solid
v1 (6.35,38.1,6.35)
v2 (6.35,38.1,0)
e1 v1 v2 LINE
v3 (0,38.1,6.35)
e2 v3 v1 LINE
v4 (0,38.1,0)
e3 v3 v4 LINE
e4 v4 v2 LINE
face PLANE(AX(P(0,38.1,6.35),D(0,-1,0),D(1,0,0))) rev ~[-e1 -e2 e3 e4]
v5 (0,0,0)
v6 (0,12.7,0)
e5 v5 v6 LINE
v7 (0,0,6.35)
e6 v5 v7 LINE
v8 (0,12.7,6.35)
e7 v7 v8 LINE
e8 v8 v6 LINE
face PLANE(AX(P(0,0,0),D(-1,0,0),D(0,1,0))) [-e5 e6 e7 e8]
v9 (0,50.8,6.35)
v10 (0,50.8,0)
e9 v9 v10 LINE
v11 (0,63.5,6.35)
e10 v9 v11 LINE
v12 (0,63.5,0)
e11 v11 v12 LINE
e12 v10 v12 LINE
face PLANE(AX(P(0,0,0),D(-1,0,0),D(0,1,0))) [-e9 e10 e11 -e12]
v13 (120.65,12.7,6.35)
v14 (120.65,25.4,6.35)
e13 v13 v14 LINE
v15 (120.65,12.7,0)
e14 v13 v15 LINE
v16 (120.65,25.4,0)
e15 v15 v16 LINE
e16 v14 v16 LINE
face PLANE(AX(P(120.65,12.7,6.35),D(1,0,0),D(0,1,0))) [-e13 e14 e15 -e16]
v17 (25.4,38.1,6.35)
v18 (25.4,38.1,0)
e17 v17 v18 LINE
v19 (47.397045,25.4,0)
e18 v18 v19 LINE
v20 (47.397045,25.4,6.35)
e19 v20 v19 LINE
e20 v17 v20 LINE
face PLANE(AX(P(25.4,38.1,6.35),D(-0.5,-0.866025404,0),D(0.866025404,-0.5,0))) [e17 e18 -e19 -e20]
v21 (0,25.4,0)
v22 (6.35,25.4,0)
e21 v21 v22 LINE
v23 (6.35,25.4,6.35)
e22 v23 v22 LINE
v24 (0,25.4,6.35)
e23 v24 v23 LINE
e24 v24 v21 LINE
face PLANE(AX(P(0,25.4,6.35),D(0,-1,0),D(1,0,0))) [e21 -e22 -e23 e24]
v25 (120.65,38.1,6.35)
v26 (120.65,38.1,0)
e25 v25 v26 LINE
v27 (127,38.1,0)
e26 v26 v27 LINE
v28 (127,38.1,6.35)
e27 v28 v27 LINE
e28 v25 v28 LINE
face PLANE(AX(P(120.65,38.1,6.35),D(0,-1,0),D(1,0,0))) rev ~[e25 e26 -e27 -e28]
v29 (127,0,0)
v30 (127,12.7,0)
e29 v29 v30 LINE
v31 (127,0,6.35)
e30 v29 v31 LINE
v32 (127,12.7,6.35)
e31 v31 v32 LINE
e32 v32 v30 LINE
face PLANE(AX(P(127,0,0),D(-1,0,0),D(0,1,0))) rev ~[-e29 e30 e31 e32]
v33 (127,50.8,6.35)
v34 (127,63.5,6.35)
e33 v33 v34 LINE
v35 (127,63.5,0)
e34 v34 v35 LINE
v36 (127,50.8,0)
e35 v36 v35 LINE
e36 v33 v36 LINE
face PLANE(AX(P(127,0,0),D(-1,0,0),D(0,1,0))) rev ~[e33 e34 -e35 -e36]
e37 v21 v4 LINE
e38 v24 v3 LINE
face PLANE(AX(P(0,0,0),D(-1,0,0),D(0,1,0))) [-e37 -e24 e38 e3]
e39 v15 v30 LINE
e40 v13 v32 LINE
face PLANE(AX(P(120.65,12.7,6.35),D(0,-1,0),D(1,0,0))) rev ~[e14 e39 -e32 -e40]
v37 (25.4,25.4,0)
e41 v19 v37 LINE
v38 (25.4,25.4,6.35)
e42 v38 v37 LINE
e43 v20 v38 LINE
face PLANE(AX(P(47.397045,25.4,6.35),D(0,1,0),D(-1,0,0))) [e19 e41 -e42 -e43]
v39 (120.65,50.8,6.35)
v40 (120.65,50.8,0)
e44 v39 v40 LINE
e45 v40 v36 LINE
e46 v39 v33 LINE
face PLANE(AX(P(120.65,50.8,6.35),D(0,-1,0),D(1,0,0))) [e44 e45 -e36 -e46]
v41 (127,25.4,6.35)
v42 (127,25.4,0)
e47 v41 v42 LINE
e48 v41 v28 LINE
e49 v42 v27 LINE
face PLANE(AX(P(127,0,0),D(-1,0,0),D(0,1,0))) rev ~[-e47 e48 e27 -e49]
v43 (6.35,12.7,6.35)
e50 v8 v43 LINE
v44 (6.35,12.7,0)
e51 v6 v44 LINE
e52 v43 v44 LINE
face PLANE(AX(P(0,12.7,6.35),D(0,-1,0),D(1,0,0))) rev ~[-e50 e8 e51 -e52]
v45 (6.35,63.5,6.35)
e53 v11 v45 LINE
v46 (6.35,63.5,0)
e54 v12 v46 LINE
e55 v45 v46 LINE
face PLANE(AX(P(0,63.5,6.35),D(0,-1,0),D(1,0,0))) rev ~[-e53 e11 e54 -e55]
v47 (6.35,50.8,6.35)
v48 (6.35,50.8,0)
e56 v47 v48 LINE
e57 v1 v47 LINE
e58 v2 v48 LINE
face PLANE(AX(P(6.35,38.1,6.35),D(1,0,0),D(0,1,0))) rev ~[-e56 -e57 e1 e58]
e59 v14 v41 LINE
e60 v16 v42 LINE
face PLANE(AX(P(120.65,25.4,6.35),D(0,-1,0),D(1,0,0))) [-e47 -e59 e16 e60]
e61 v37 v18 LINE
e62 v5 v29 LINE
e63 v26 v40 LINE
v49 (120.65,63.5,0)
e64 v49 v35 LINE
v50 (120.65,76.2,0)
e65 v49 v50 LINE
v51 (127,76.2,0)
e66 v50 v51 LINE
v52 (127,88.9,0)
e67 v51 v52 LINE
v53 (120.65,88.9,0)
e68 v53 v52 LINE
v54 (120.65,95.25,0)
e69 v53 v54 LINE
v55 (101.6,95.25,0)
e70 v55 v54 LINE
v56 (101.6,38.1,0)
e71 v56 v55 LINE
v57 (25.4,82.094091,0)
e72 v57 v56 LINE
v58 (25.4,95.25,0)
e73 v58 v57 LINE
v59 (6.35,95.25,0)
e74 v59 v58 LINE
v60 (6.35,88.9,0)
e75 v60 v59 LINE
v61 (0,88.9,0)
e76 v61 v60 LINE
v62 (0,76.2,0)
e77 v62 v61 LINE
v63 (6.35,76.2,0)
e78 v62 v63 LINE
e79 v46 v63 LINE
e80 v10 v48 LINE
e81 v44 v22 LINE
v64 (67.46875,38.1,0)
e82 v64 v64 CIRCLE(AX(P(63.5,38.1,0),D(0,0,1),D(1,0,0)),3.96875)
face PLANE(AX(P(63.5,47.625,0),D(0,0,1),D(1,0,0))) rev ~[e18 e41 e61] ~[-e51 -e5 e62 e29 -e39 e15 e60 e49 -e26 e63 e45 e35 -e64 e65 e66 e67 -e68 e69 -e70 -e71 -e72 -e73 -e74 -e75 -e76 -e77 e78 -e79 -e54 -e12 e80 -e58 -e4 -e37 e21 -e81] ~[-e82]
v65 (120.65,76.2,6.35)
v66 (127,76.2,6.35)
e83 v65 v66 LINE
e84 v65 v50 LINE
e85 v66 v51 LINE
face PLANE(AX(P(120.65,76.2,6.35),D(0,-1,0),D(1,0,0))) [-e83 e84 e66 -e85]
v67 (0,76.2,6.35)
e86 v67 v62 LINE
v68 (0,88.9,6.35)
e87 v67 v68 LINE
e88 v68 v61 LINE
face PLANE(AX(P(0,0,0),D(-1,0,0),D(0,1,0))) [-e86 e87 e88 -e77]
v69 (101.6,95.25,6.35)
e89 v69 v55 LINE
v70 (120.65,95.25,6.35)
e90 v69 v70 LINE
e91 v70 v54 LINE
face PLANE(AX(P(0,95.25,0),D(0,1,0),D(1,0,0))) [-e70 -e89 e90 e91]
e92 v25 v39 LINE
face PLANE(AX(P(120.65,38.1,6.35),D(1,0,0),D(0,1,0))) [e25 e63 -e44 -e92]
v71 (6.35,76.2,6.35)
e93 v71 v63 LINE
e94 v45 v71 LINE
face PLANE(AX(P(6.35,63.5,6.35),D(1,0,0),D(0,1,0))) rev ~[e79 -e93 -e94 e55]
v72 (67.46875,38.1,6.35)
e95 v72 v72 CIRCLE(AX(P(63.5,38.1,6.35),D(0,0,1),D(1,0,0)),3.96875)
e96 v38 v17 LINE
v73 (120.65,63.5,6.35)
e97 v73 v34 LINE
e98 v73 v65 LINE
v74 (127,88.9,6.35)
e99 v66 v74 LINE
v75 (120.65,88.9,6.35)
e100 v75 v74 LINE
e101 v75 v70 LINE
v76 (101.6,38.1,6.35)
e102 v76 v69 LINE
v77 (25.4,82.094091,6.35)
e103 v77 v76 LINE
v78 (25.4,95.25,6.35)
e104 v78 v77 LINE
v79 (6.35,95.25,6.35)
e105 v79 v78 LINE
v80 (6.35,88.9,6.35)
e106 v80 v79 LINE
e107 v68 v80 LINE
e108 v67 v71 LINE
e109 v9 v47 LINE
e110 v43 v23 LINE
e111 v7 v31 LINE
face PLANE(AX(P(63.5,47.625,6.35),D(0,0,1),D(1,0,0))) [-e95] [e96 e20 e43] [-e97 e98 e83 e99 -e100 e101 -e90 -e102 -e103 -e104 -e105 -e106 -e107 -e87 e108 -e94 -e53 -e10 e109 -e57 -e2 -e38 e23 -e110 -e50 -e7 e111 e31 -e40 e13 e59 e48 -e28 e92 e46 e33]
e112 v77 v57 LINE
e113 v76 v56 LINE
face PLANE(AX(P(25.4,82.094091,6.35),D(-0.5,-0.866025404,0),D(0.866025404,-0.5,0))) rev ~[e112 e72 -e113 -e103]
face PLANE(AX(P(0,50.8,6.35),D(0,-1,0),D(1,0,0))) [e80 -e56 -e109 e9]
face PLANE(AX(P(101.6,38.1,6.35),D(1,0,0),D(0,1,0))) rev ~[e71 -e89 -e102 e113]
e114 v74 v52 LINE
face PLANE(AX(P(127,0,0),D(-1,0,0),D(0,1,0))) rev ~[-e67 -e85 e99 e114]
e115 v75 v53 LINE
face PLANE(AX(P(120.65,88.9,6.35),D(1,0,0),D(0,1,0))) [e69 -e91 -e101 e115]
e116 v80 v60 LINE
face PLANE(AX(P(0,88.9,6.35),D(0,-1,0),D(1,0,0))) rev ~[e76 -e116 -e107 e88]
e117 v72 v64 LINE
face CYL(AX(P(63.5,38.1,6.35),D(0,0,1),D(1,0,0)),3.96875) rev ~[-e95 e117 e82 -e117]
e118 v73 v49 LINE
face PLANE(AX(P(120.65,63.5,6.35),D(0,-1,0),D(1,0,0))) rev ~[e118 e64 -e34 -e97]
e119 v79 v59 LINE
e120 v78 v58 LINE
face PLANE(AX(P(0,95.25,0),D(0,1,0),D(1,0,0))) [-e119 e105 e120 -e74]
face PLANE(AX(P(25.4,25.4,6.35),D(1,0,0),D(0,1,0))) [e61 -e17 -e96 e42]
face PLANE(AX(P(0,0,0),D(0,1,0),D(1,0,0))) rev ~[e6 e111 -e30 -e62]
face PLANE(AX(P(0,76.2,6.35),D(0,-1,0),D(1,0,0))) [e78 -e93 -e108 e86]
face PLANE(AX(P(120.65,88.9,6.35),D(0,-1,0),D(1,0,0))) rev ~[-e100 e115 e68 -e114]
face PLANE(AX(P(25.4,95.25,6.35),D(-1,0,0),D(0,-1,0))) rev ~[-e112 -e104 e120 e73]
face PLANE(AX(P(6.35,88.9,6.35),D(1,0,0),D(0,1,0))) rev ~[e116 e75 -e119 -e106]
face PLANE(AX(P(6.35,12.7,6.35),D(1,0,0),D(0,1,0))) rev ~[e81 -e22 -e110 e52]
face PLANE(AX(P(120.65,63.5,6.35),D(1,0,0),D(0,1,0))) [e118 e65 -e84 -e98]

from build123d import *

# Parameters (mm, degrees)
SKETCH1_W           = 127
SKETCH1_H           = 95.25
BOSS_EXTRUDE1_DEPTH = 6.35
SKETCH2_R           = 3.96875
CUT_EXTRUDE1_DEPTH  = 7.35
SKETCH3_W           = 6.35
SKETCH3_H           = 12.7
CUT_EXTRUDE2_DEPTH  = 7.35
SKETCH4_W           = 6.35
SKETCH4_H           = 12.7
CUT_EXTRUDE3_DEPTH  = 7.35
LPATTERN1_COUNT     = 4
LPATTERN1_PITCH     = 25.4
CUT_EXTRUDE4_DEPTH  = 7.35


with BuildPart() as part:
    # Sketch1 → Boss-Extrude1 (new body)
    with BuildSketch(Plane.XY):
        with Locations((63.5, 47.625)):
            Rectangle(SKETCH1_W, SKETCH1_H)
    extrude(amount=BOSS_EXTRUDE1_DEPTH)

    # Sketch2 → Cut-Extrude1 (cut, through all)
    with BuildSketch(Plane.XY.offset(6.35)):
        with Locations((63.5, 38.1)):
            Circle(SKETCH2_R)
    extrude(amount=-CUT_EXTRUDE1_DEPTH, mode=Mode.SUBTRACT)

    # Sketch3 → Cut-Extrude2 (cut, through all)
    with BuildSketch(Plane.XY.offset(6.35)):
        with Locations((3.175, 19.05)):
            Rectangle(SKETCH3_W, SKETCH3_H)
    cut_extrude2 = extrude(amount=-CUT_EXTRUDE2_DEPTH, mode=Mode.SUBTRACT)

    # Sketch4 → Cut-Extrude3 (cut, through all)
    with BuildSketch(Plane.XY.offset(6.35)):
        with Locations((123.825, 19.05)):
            Rectangle(SKETCH4_W, SKETCH4_H)
    cut_extrude3 = extrude(amount=-CUT_EXTRUDE3_DEPTH, mode=Mode.SUBTRACT)

    # LPattern1: Cut-Extrude2, Cut-Extrude3 ×4
    with Locations(*[(0, i * LPATTERN1_PITCH, 0) for i in range(1, LPATTERN1_COUNT)]):
        add(cut_extrude2, mode=Mode.SUBTRACT)
        add(cut_extrude3, mode=Mode.SUBTRACT)

    # Sketch5 → Cut-Extrude4 (cut, through all)
    with BuildSketch(Plane.XY.offset(6.35)):
        Polygon((25.4, 95.25), (25.4, 82.094090512), (101.6, 38.1), (101.6, 95.25), align=None)
        Polygon((25.4, 38.1), (47.397045256, 25.4), (25.4, 25.4), align=None)
    extrude(amount=-CUT_EXTRUDE4_DEPTH, mode=Mode.SUBTRACT)


solid = part.part
